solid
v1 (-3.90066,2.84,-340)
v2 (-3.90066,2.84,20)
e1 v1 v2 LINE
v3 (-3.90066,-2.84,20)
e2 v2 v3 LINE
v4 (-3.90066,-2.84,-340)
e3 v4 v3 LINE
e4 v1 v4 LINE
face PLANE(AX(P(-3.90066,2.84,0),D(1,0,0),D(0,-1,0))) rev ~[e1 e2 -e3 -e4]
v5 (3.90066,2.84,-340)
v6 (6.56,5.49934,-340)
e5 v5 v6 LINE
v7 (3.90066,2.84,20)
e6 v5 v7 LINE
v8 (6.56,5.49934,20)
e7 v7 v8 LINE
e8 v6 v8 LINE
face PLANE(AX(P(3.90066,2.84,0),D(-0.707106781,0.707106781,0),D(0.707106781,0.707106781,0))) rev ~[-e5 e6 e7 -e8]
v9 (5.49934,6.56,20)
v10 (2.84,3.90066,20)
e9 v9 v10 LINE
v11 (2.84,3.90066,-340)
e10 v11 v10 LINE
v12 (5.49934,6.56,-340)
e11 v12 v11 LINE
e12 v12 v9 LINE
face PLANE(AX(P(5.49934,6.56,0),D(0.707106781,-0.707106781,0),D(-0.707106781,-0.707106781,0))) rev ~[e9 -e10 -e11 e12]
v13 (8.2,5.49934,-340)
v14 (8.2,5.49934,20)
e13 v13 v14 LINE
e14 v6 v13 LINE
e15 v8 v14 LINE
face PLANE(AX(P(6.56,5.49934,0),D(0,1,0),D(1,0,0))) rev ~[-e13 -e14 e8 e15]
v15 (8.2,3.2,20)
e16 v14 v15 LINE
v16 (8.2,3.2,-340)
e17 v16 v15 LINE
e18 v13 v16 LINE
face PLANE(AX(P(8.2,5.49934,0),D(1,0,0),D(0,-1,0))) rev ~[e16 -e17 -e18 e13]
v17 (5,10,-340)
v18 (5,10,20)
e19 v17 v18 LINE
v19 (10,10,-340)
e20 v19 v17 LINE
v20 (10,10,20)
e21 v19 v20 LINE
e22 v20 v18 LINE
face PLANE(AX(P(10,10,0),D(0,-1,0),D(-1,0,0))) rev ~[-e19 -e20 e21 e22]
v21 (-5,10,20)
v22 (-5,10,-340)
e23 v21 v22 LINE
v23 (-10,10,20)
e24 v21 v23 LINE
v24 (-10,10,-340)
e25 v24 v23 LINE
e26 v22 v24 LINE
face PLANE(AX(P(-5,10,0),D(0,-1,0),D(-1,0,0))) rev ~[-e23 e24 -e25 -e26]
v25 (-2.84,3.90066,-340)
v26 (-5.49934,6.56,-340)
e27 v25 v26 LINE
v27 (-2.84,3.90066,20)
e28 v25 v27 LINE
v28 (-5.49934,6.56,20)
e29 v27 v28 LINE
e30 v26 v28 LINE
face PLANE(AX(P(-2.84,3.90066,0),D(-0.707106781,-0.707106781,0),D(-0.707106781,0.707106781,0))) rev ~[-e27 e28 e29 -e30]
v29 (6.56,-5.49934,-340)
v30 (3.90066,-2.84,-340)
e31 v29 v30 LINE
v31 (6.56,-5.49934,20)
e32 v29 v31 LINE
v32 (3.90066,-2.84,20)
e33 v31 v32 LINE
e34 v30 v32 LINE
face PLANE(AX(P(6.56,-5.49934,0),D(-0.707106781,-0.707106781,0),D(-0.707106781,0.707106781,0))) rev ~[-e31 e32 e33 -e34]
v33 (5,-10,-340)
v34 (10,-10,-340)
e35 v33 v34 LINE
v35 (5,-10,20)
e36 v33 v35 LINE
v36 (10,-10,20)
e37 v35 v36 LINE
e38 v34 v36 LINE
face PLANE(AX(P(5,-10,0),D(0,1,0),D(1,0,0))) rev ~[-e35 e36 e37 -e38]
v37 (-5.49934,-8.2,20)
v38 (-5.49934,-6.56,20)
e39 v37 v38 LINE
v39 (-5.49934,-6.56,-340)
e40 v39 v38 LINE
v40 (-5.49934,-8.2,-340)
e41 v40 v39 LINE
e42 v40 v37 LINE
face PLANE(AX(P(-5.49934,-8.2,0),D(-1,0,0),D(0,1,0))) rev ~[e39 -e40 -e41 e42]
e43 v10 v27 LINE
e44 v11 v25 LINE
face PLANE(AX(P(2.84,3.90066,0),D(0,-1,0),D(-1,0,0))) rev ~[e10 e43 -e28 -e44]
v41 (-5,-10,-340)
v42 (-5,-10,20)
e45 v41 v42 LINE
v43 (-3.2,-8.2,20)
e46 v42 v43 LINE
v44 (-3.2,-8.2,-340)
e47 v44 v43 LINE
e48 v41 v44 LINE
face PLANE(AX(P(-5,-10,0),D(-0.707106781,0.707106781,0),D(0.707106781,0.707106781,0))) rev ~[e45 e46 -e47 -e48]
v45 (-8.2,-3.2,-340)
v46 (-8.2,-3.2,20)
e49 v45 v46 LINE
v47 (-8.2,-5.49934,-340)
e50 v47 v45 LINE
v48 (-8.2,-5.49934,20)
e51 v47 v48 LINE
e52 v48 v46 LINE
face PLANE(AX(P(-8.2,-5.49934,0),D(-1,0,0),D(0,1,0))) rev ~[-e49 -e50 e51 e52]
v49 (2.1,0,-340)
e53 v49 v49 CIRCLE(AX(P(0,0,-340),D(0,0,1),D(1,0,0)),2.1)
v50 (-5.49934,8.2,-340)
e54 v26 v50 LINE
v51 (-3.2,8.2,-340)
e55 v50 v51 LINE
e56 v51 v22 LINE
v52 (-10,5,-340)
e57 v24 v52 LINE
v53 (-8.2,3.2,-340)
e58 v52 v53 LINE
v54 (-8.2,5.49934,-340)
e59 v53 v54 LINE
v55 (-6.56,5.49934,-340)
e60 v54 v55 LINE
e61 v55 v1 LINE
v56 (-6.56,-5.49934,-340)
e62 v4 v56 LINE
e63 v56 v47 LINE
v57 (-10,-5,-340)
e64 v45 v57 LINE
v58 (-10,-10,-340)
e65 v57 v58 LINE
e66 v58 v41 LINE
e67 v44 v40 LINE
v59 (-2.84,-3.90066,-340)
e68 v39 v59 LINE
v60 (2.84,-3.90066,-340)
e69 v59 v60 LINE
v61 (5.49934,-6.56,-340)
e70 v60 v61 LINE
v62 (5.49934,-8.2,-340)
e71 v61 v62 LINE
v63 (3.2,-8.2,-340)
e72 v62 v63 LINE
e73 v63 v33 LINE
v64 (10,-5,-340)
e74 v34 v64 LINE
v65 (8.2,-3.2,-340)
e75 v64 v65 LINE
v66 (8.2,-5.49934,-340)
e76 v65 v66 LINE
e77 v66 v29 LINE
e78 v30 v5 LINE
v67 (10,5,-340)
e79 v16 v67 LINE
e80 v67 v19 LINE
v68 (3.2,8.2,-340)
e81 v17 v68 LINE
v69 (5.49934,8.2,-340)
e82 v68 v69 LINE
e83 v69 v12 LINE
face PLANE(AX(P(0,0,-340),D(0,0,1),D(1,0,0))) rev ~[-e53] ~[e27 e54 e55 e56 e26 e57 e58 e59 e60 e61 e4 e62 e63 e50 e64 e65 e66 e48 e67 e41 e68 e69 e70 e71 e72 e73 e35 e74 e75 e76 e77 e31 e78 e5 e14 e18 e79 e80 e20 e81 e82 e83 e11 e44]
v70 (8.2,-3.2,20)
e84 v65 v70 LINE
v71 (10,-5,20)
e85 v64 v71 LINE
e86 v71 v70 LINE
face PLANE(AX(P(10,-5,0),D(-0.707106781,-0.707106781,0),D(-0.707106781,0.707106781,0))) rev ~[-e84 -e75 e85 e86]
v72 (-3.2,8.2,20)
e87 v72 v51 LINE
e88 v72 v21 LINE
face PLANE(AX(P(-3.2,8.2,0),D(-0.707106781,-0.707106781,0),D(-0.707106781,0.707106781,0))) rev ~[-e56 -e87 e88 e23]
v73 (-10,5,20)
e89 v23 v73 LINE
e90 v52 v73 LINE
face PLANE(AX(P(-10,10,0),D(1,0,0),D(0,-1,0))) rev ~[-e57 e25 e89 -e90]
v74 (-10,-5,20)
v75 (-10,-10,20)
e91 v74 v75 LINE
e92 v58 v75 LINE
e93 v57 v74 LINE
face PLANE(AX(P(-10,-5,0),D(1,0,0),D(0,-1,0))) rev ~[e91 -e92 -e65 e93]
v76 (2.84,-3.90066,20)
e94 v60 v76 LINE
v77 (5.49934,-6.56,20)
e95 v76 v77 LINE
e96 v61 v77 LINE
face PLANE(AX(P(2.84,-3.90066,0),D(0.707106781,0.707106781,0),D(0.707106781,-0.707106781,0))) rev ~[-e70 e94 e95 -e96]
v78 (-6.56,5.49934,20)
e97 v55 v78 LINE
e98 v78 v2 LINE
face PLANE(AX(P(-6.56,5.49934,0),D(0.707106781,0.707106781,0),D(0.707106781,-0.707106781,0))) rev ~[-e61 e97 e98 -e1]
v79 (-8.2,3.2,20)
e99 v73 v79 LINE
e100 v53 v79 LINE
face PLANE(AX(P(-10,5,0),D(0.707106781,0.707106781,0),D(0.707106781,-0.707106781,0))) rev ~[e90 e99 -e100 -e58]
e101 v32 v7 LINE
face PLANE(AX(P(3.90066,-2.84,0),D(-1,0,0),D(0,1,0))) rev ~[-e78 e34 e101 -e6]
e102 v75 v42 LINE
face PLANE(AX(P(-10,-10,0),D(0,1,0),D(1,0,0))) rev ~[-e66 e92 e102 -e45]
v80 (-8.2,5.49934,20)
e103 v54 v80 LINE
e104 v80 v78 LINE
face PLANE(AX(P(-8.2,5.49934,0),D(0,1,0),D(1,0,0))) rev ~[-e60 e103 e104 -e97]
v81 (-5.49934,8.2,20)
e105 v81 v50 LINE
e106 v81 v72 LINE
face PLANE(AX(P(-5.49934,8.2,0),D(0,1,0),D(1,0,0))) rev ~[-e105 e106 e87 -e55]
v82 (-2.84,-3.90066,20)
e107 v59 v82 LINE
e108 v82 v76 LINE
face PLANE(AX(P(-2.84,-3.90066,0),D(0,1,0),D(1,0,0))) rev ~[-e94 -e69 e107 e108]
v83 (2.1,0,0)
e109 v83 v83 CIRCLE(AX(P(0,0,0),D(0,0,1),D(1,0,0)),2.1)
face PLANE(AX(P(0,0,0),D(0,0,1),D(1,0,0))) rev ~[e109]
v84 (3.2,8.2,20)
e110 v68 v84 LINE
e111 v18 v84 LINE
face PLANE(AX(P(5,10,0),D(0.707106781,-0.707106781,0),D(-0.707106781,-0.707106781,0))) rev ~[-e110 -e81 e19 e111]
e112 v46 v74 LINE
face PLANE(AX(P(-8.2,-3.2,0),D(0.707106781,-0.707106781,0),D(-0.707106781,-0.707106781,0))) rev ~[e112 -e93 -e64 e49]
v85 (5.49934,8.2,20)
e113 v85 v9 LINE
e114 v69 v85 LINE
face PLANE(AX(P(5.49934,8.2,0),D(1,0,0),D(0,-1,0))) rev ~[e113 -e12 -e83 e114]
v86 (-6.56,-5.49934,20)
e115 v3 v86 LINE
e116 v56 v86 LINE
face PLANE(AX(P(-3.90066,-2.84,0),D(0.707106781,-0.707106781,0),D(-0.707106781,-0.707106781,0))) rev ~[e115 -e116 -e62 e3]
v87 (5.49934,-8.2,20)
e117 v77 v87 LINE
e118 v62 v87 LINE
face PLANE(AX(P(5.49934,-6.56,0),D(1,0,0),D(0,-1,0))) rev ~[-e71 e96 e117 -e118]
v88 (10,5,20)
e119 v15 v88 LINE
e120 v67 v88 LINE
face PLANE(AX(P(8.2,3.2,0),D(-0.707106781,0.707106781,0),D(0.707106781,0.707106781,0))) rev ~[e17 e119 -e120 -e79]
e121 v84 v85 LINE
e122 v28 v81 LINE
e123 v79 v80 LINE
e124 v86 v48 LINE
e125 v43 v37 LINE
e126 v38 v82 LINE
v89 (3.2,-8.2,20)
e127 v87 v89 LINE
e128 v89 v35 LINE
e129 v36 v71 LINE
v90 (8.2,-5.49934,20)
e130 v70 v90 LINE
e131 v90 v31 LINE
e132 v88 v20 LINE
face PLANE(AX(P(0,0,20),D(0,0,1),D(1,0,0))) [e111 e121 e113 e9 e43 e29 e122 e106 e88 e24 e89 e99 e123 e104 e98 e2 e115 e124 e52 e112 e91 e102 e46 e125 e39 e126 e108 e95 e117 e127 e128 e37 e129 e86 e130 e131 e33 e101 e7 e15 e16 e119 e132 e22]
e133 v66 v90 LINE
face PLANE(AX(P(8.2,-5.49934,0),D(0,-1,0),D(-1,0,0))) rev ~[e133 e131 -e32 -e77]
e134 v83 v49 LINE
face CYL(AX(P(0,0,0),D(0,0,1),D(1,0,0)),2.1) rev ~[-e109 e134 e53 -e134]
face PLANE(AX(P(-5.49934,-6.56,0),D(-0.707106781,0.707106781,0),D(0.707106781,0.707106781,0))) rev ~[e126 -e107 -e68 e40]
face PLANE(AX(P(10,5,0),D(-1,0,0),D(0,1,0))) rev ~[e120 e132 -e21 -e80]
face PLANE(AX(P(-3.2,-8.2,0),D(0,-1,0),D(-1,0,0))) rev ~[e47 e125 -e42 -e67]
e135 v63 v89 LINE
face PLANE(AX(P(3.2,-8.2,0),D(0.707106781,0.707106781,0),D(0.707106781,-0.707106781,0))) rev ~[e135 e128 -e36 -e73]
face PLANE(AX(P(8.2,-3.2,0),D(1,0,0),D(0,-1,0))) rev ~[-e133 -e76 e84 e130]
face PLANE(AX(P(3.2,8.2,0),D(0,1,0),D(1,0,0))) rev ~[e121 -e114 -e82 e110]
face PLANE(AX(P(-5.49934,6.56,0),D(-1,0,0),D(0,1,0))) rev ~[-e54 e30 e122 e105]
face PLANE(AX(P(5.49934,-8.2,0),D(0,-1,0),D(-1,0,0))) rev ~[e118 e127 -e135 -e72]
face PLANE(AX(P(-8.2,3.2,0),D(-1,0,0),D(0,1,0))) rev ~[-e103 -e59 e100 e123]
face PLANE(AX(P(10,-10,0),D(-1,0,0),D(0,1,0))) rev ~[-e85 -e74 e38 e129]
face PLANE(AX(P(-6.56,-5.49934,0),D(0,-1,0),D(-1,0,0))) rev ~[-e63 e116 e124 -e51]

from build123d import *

# Parameters (mm, degrees)
SKETCH1_R           = 2.1
BOSS_EXTRUDE1_DEPTH = 340
EXTRUDE_1_DEPTH     = 20


with BuildPart() as part:
    # Sketch1 → Boss-Extrude1 (new body)
    with BuildSketch(Plane.XY):
        Polygon((-10, 10), (-10, 5), (-8.2, 3.2), (-8.2, 5.499339828), (-6.56, 5.499339828), (-3.900660172, 2.84), (-3.900660172, -2.84), (-6.56, -5.499339828), (-8.2, -5.499339828), (-8.2, -3.2), (-10, -5), (-10, -10), (-5, -10), (-3.2, -8.2), (-5.499339828, -8.2), (-5.499339828, -6.56), (-2.84, -3.900660172), (2.84, -3.900660172), (5.499339828, -6.56), (5.499339828, -8.2), (3.2, -8.2), (5, -10), (10, -10), (10, -5), (8.2, -3.2), (8.2, -5.499339828), (6.56, -5.499339828), (3.900660172, -2.84), (3.900660172, 2.84), (6.56, 5.499339828), (8.2, 5.499339828), (8.2, 3.2), (10, 5), (10, 10), (5, 10), (3.2, 8.2), (5.499339828, 8.2), (5.499339828, 6.56), (2.84, 3.900660172), (-2.84, 3.900660172), (-5.499339828, 6.56), (-5.499339828, 8.2), (-3.2, 8.2), (-5, 10), align=None)
        Circle(SKETCH1_R, mode=Mode.SUBTRACT)
    extrude(amount=-BOSS_EXTRUDE1_DEPTH)

    # 草图1 → 凸台-拉伸1 (add)
    with BuildSketch(Plane.XY):
        Polygon((-5, 10), (-10, 10), (-10, 5), (-8.2, 3.2), (-8.2, 5.499339828), (-6.56, 5.499339828), (-3.900660172, 2.84), (-3.900660172, -2.84), (-6.56, -5.499339828), (-8.2, -5.499339828), (-8.2, -3.2), (-10, -5), (-10, -10), (-5, -10), (-3.2, -8.2), (-5.499339828, -8.2), (-5.499339828, -6.56), (-2.84, -3.900660172), (2.84, -3.900660172), (5.499339828, -6.56), (5.499339828, -8.2), (3.2, -8.2), (5, -10), (10, -10), (10, -5), (8.2, -3.2), (8.2, -5.499339828), (6.56, -5.499339828), (3.900660172, -2.84), (3.900660172, 2.84), (6.56, 5.499339828), (8.2, 5.499339828), (8.2, 3.2), (10, 5), (10, 10), (5, 10), (3.2, 8.2), (5.499339828, 8.2), (5.499339828, 6.56), (2.84, 3.900660172), (-2.84, 3.900660172), (-5.499339828, 6.56), (-5.499339828, 8.2), (-3.2, 8.2), align=None)
    extrude(amount=EXTRUDE_1_DEPTH)


solid = part.part
